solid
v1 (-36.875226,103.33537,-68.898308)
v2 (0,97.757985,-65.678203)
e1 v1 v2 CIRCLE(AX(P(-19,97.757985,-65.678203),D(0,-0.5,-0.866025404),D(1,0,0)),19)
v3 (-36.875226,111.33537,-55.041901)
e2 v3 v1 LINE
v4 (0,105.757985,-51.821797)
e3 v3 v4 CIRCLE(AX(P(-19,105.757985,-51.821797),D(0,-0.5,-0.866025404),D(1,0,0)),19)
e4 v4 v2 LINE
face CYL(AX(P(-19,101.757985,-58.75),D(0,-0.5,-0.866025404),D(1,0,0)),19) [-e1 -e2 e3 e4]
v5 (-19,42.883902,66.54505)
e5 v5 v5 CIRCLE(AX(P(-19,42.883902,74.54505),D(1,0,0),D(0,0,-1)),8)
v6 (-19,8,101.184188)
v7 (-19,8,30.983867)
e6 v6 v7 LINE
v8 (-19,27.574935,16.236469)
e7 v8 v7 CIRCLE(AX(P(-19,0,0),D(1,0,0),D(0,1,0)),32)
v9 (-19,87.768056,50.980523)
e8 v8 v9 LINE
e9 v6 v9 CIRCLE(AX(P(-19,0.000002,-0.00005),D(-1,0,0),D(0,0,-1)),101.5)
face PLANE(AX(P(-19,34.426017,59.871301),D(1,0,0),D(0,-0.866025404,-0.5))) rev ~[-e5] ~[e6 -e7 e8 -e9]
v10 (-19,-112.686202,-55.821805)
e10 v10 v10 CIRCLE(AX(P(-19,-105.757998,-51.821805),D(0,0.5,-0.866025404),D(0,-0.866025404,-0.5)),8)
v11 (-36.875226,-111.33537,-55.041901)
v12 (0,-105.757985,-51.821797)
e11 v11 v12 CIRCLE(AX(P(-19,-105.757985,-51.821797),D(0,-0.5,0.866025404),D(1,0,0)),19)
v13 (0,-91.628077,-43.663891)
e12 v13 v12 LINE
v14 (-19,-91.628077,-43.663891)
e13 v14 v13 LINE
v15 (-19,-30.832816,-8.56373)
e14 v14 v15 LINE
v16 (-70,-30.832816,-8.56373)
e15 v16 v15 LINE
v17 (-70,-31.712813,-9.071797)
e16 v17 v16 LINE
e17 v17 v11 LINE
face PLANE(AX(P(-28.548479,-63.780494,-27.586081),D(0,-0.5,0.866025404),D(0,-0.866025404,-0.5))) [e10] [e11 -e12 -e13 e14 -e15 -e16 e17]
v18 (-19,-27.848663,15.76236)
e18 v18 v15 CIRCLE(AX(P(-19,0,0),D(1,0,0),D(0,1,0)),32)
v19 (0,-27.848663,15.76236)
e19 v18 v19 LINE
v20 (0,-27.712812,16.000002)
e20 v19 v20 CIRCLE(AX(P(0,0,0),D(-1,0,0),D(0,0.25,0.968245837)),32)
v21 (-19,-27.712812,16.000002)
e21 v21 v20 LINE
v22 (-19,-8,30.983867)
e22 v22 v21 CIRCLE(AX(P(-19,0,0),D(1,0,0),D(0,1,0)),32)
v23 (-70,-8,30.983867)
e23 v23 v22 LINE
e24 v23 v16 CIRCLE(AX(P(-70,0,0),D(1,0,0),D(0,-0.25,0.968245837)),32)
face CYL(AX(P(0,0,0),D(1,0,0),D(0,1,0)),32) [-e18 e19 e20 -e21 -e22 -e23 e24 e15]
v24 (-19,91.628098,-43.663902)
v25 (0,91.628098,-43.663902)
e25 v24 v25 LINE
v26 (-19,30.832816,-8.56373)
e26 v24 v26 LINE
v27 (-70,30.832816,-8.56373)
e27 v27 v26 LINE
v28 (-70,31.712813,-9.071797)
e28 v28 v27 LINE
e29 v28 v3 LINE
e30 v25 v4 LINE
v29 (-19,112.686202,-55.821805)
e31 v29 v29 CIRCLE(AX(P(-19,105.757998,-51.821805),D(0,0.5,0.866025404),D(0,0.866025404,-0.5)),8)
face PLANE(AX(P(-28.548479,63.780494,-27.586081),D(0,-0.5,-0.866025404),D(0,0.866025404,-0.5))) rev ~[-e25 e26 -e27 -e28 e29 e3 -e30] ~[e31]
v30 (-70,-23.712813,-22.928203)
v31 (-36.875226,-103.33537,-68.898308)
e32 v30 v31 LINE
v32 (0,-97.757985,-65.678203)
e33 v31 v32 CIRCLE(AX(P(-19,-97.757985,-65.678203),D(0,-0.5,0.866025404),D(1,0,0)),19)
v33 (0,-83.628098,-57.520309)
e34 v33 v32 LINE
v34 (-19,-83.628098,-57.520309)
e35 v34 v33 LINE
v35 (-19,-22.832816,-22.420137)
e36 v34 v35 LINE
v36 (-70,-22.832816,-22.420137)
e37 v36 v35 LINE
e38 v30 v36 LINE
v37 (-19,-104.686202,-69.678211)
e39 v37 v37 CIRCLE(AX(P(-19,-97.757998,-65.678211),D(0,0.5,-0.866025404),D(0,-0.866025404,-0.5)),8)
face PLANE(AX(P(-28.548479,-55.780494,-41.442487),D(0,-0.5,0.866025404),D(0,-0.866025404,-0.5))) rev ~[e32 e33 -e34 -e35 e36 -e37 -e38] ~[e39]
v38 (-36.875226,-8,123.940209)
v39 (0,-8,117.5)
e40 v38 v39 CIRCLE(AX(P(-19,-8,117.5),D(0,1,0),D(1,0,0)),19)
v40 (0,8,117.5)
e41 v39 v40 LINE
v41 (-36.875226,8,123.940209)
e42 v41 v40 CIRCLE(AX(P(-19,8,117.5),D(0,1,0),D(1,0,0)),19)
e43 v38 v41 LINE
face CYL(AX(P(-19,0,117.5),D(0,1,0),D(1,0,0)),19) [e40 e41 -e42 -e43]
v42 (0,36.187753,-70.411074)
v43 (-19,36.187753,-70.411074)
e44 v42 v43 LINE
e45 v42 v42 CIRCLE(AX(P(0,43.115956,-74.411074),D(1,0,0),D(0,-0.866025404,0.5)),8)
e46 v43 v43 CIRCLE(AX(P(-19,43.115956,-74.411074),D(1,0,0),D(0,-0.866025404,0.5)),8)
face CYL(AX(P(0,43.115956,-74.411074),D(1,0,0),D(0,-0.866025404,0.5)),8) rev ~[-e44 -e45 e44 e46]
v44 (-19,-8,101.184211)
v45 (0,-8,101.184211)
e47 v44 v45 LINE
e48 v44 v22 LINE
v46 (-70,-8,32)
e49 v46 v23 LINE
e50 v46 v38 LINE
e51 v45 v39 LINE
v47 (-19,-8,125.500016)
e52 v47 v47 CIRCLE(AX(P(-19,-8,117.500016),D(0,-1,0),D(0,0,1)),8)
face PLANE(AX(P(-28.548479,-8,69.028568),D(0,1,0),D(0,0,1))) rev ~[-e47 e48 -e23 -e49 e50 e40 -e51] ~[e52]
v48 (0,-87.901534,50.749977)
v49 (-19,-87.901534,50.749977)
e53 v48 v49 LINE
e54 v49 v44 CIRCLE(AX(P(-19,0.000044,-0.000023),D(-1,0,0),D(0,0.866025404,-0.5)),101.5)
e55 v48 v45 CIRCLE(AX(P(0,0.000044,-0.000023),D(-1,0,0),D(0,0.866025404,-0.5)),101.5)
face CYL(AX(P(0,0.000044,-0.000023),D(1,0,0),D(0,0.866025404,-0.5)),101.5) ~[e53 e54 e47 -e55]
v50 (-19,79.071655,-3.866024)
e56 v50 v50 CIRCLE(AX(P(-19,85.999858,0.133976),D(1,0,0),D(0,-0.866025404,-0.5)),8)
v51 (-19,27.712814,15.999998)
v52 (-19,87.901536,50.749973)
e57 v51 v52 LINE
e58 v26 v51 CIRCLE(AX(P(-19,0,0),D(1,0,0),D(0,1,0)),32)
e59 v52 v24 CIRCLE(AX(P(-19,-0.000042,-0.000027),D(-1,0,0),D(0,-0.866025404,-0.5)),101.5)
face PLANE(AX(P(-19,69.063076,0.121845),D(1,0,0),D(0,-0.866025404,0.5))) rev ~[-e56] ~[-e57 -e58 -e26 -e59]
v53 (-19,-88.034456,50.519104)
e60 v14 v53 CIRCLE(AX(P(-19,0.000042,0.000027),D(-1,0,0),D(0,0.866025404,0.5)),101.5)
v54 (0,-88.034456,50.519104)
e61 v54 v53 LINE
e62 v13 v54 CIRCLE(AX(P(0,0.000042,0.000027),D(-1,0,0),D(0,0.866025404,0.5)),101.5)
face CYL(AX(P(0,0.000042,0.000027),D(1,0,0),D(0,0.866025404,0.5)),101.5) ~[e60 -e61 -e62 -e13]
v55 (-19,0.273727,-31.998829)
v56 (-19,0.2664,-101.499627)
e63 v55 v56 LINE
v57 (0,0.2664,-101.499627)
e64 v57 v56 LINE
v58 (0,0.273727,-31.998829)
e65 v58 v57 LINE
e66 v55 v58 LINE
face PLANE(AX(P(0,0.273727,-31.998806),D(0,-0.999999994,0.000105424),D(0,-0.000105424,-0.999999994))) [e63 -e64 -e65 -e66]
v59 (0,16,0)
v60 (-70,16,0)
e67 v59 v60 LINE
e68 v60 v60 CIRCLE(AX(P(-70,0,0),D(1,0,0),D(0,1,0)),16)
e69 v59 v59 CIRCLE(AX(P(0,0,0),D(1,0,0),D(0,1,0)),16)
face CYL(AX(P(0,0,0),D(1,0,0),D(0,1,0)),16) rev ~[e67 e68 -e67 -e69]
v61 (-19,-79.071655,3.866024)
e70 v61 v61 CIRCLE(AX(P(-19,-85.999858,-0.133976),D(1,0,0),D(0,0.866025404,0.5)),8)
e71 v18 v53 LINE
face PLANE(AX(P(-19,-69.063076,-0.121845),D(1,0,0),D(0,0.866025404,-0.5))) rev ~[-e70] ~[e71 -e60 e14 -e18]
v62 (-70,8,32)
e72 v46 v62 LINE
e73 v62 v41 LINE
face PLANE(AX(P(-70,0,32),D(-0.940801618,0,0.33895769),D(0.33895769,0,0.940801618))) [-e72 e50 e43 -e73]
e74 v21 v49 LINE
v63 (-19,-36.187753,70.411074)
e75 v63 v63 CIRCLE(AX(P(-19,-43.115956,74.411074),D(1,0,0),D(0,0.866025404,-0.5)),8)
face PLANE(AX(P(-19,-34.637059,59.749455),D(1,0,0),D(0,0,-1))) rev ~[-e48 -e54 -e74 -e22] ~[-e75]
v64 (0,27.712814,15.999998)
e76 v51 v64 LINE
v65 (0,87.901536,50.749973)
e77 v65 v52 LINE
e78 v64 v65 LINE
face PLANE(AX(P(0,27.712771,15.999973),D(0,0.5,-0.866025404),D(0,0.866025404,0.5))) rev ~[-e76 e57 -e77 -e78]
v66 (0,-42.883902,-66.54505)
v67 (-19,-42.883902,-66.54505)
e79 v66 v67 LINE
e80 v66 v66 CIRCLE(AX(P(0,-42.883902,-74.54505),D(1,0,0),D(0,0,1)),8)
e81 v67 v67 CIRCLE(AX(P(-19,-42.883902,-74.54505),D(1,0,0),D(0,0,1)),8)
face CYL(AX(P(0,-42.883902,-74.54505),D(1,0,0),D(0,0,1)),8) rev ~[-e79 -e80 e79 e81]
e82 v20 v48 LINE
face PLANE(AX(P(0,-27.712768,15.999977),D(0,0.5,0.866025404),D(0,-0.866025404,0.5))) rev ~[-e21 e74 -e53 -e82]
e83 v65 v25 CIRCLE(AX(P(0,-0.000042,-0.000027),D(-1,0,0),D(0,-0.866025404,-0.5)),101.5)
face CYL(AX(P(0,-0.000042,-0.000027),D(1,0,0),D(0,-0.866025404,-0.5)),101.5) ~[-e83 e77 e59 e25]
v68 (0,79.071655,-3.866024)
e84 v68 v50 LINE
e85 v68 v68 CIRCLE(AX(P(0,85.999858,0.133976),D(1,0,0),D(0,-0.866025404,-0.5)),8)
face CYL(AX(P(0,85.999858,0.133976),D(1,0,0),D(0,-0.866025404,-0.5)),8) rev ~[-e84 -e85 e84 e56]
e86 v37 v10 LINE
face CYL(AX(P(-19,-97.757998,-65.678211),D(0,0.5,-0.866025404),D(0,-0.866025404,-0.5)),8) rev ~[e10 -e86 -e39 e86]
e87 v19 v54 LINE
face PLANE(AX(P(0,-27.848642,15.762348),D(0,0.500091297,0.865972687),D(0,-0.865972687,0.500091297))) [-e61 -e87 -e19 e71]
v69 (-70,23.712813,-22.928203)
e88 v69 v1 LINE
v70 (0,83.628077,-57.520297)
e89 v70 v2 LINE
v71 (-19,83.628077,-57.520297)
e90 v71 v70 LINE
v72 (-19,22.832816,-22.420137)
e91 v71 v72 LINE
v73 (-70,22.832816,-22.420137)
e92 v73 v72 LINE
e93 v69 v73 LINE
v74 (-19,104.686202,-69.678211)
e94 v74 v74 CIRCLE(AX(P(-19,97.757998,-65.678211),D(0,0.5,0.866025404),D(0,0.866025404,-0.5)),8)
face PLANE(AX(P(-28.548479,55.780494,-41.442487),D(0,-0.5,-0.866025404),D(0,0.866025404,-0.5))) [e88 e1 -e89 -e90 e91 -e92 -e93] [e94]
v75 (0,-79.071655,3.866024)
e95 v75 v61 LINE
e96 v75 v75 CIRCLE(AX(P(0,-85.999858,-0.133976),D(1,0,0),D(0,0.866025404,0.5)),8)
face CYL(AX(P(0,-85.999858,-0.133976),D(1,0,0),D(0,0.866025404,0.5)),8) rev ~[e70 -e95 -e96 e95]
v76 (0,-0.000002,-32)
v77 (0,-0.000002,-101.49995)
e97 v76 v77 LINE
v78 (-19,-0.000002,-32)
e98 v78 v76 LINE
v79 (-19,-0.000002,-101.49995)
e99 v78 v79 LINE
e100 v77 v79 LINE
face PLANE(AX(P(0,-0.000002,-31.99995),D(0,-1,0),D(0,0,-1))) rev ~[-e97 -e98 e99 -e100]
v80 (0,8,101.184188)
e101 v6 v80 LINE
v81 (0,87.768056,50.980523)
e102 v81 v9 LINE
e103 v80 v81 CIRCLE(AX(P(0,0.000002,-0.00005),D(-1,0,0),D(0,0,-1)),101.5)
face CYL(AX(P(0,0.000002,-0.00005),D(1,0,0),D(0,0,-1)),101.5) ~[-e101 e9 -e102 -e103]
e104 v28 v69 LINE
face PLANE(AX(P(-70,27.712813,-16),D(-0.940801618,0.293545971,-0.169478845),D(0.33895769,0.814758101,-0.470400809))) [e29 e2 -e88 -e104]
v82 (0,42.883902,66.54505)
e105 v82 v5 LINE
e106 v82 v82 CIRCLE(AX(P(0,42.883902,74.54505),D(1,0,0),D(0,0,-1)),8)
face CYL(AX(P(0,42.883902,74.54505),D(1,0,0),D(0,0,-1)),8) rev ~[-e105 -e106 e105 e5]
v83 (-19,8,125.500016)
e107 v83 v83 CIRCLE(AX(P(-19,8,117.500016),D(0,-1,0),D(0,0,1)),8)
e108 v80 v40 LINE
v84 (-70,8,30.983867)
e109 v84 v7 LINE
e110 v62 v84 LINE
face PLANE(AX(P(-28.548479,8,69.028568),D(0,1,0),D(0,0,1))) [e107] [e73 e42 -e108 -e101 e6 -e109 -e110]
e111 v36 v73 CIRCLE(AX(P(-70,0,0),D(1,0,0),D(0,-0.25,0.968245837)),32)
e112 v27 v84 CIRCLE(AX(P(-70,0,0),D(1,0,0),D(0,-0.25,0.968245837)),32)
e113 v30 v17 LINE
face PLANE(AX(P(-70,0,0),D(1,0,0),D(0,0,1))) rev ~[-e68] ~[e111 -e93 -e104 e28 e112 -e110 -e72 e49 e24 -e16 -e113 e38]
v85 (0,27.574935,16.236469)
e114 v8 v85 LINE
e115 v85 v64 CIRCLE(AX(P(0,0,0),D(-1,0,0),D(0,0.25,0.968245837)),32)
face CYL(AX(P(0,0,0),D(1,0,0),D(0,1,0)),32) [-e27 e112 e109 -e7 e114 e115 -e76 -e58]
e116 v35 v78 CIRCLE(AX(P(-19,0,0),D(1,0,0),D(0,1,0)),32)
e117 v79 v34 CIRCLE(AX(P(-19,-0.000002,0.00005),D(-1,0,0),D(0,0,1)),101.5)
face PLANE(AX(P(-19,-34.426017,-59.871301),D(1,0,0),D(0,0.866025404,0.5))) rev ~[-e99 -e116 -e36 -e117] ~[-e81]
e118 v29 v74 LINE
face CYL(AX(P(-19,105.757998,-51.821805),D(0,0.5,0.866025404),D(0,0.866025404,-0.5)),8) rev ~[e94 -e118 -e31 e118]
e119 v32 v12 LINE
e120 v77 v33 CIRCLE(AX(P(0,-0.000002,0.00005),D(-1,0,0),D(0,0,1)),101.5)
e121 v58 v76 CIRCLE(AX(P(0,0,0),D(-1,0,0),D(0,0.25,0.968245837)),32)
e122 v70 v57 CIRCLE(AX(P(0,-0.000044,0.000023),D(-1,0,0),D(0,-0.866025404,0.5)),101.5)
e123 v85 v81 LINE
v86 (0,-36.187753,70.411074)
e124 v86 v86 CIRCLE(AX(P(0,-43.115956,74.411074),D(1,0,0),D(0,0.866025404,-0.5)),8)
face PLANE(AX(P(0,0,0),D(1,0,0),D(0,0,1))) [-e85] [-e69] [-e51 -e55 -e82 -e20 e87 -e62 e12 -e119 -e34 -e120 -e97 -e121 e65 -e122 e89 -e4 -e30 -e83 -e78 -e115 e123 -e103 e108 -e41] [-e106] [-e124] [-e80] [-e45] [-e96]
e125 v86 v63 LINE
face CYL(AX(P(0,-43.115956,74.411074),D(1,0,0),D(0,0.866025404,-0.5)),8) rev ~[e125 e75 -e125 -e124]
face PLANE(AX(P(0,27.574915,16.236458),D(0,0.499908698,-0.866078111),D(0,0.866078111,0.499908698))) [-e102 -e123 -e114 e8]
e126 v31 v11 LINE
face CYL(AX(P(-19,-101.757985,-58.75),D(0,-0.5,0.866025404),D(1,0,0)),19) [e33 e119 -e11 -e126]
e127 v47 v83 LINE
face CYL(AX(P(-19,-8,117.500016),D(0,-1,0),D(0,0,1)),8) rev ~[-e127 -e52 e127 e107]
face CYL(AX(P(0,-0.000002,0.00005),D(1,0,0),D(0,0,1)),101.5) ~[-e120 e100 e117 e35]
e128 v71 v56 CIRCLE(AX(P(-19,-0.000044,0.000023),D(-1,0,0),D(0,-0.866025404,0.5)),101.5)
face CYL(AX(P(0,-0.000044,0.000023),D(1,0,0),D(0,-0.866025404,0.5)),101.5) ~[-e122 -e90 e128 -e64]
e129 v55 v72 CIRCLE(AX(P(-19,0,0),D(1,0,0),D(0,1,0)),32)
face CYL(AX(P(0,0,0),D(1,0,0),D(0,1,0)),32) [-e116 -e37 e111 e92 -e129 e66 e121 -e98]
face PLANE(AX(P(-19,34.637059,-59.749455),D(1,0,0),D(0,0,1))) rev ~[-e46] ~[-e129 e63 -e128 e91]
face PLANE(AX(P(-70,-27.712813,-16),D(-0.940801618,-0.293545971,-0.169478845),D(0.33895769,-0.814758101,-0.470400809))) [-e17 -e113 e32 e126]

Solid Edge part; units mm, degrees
sketch "Sketch1" plane through (0, 0, 0) normal (1, 0, 0) x (0, 1, 0)
  circle A0 centre (0, 0) radius 32
  circle A1 centre (0, 0) radius 16
extrude "Protrusion1" add sketch "Sketch1" against normal blind 70
sketch "Sketch2" plane through (0, 0, 0) normal (0, -1, 0) x (1, 0, 0)
  line L0 (-70, 32) -> (-36.8752, 123.9402)
  line L1 (0, 32) -> (0, 117.5)
  line L2 (0, 19.9591) -> (0, 32)
  line L3 (-70, 19.9591) -> (0, 19.9591)
  line L4 (-70, 32) -> (-70, 19.9591)
  arc A0 (-36.8752, 123.9402) -> (0, 117.5) centre (-19, 117.5) cw
extrude "ExtrudedProtrusion_6" add sketch "Sketch2" along normal mid plane 16
pattern_circular "Pattern1" count 3 over 360 about axis through (-70, 0, 0) along (-1, 0, 0) of "ExtrudedProtrusion_6"
sketch "Sketch3" plane through (0, 0, 25.9109) normal (1, 0, 0) x (0, -0.866, 0.5)
  line L0 (-29.1919, 50.0144) -> (-63.936, 110.2076)
  line L1 (-44.9554, 22.4395) -> (-114.4554, 22.4395)
  arc A0 (-114.4554, 22.4395) -> (-63.936, 110.2076) centre (-12.9554, 22.4395) cw
  arc A1 (-44.9554, 22.4395) -> (-29.1919, 50.0144) centre (-12.9554, 22.4395) cw
  circle A2 centre (-87.5005, 65.3234) radius 8
extrude "ExtrudedProtrusion_7" add sketch "Sketch3" against normal blind 19
pattern_circular "Pattern3" count 6 over 360 about axis through (0, 0, 0) along (-1, 0, 0) of "ExtrudedProtrusion_7"
sketch "Sketch4" plane through (-35, 76.5226, -34.9428) normal (0, 0.5, 0.866) x (0, 0.866, -0.5)
  circle A0 centre (33.7581, -16) radius 8
extrude "ExtrudedCutout_3" cut sketch "Sketch4" against normal blind 16
pattern_circular "Pattern4" count 3 over 360 about axis through (0, 0, 0) along (-1, 0, 0) of "ExtrudedCutout_3"
